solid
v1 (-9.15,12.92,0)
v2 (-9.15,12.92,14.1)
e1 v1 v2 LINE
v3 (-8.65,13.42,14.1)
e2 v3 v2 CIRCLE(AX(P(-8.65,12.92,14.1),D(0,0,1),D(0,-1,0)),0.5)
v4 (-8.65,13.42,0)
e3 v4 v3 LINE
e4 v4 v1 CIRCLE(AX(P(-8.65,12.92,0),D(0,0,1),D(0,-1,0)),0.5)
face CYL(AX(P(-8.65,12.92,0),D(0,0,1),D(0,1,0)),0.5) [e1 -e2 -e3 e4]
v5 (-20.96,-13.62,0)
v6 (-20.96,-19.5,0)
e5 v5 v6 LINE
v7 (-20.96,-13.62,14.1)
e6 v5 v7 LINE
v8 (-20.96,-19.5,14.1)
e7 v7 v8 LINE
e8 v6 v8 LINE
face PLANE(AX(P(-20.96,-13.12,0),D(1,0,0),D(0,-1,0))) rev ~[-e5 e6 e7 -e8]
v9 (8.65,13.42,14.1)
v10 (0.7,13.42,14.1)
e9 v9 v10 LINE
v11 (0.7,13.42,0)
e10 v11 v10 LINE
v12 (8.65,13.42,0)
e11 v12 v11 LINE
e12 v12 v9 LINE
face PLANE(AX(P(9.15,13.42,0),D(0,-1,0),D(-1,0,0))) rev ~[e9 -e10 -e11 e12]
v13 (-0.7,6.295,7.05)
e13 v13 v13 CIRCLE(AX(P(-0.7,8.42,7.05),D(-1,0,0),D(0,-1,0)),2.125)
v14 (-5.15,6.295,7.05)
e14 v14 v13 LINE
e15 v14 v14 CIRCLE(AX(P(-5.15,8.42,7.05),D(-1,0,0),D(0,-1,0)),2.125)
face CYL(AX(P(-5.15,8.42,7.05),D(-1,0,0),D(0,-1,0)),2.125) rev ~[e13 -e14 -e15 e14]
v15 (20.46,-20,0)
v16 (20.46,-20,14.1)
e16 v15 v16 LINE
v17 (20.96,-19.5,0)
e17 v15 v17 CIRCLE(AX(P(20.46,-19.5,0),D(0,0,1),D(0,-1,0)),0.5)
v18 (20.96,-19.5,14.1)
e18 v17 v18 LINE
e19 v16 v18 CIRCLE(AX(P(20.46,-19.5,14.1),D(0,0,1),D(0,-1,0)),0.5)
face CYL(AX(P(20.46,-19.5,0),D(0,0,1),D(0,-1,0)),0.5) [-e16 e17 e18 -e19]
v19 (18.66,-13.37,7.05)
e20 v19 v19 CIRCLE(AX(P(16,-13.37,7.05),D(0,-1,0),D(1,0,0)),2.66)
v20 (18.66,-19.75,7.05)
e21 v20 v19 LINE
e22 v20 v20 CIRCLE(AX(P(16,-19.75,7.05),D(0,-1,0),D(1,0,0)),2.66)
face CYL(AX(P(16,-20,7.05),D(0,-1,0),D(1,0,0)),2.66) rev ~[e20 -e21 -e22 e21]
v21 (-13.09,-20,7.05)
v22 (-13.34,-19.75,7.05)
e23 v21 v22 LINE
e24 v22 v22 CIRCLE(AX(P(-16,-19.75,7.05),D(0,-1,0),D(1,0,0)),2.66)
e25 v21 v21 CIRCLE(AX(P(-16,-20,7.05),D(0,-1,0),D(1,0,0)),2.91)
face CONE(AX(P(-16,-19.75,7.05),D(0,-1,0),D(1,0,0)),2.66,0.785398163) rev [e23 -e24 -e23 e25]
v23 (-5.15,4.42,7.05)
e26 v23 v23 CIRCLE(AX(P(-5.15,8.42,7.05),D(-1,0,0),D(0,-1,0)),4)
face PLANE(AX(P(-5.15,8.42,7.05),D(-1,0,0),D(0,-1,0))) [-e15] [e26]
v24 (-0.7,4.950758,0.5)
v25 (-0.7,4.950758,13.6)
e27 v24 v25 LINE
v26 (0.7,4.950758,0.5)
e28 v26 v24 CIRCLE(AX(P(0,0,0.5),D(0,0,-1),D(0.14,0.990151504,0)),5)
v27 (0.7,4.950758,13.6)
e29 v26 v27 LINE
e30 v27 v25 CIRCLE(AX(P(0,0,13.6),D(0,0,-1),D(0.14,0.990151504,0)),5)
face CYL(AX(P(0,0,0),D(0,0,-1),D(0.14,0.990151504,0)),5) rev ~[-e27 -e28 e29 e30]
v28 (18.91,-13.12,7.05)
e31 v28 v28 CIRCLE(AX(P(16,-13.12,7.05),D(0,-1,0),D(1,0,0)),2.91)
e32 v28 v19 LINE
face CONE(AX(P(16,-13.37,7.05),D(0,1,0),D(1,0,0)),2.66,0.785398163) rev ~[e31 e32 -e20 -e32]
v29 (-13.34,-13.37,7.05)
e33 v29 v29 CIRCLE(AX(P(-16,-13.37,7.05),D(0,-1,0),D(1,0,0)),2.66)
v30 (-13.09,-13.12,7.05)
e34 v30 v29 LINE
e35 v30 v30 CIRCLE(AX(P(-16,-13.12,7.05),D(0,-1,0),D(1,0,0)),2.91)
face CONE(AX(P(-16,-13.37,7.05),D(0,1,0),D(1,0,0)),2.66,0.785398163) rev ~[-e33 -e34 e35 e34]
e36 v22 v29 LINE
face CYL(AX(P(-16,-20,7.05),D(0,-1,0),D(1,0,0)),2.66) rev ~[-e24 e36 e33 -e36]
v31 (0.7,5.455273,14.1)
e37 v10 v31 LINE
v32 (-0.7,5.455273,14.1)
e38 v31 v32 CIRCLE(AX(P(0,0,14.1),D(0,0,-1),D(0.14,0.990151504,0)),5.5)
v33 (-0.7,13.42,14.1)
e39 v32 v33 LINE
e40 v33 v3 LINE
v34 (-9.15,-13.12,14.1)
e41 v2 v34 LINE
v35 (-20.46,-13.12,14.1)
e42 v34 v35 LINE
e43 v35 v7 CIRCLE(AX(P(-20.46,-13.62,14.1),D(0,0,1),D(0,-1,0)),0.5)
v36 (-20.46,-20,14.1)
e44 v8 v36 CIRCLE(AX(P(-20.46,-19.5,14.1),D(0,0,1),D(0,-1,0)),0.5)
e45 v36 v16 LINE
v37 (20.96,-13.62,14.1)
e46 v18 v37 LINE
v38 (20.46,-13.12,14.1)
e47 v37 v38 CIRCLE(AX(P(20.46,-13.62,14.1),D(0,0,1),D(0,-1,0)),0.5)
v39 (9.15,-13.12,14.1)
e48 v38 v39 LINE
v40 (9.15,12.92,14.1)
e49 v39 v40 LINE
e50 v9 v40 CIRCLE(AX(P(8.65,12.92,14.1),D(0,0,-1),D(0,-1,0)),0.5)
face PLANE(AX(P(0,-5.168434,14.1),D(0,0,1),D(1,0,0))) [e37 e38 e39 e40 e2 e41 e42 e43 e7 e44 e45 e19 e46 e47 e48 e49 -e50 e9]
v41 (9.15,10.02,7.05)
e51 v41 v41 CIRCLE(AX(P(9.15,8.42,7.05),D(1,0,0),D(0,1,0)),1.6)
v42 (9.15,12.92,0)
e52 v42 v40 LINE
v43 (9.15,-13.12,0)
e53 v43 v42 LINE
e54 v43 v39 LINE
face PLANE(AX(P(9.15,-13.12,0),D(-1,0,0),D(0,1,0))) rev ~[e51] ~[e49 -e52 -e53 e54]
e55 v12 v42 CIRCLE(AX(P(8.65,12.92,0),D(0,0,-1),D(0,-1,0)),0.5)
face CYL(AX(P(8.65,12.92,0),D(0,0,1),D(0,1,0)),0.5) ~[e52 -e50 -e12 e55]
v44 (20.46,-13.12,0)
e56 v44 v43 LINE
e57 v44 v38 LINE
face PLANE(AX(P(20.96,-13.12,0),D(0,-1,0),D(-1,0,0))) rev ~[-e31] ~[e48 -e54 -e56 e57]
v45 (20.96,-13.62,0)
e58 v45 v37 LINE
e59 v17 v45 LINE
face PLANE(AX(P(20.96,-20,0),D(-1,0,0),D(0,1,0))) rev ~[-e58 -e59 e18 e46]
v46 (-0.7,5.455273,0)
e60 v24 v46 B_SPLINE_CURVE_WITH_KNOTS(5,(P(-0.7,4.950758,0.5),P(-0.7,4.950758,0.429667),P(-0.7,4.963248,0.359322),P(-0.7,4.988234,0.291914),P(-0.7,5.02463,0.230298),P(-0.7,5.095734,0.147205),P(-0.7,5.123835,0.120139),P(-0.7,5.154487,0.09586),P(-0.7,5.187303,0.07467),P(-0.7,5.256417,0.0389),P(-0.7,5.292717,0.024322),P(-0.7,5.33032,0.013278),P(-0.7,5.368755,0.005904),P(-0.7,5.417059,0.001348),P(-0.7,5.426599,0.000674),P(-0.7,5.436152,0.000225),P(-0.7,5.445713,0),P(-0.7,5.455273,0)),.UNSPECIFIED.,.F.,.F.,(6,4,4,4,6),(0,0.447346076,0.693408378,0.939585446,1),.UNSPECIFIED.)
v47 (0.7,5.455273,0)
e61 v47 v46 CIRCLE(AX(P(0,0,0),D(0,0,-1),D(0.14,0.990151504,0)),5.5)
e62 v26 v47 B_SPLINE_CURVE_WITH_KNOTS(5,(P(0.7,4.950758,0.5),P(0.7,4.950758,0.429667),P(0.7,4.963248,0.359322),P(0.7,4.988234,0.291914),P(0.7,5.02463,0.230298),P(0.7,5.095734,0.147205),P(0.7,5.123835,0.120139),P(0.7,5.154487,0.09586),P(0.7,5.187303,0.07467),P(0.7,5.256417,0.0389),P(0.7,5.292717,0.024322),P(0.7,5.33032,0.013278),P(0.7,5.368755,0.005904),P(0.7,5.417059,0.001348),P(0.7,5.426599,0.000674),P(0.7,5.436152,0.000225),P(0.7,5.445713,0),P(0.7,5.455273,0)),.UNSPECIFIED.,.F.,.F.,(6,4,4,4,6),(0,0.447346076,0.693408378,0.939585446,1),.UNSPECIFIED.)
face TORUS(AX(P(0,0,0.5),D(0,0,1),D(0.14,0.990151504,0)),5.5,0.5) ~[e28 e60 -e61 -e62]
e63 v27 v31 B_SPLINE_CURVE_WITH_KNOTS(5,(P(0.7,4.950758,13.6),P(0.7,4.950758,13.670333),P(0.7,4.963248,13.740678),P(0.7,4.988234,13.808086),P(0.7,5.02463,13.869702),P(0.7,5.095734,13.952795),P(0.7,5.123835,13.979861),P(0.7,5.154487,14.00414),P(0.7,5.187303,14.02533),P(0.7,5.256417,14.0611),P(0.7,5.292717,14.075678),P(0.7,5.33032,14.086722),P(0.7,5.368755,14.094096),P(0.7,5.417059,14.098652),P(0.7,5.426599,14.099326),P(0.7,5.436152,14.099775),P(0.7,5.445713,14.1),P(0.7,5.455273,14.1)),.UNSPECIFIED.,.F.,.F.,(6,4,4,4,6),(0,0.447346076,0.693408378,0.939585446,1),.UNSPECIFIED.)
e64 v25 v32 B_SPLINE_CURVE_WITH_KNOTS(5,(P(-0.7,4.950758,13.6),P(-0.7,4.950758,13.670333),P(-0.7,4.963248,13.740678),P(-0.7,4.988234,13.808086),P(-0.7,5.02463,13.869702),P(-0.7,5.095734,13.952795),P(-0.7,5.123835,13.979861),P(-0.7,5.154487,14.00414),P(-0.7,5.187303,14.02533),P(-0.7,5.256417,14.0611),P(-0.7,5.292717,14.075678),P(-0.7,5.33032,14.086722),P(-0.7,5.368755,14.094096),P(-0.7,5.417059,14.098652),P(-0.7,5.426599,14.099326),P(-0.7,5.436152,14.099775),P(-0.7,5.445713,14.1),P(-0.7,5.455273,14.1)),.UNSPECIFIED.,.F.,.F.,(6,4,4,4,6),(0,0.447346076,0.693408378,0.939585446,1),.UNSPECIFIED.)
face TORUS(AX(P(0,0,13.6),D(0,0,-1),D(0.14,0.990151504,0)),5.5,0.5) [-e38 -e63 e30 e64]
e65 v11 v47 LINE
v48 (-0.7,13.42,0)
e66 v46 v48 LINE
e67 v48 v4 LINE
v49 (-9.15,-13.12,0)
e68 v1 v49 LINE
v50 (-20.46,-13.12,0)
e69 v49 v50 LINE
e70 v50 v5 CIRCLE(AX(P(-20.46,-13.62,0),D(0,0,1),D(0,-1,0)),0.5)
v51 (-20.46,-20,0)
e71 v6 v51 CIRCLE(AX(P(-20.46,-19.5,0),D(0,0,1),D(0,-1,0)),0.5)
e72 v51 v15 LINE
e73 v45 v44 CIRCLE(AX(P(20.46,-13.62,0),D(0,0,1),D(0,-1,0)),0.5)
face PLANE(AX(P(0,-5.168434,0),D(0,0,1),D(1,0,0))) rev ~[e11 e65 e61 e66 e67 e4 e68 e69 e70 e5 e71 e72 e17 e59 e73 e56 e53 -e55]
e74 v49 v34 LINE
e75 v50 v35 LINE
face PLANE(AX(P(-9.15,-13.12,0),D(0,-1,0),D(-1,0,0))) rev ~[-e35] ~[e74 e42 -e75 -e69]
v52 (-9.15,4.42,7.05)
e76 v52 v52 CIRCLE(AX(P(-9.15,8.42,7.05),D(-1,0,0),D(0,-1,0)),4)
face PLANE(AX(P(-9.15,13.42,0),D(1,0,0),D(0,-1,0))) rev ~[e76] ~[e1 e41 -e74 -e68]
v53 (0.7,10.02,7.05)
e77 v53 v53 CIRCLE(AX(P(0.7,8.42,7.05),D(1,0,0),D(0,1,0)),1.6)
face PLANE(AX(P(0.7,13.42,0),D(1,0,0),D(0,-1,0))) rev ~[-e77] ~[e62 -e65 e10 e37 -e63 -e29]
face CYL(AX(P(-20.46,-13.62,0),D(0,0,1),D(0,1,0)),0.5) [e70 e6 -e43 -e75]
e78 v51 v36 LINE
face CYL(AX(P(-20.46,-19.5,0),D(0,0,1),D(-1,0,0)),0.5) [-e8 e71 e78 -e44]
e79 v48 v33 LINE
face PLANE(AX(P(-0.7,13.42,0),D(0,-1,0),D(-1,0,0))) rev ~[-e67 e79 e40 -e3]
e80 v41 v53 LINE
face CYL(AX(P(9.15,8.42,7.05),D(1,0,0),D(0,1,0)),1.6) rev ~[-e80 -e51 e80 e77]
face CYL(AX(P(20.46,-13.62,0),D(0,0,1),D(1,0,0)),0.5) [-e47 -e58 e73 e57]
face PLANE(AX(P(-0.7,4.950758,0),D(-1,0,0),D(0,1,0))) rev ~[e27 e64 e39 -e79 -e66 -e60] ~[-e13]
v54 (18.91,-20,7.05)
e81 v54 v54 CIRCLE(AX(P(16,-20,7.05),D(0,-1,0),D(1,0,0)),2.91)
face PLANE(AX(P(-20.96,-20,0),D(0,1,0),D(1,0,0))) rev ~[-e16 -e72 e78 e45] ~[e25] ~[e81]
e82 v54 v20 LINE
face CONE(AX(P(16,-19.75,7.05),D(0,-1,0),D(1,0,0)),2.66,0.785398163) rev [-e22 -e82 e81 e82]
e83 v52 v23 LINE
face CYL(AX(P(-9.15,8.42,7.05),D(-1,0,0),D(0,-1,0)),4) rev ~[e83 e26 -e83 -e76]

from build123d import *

# Parameters (mm, degrees)
F1_DEPTH = 14.1
F2_R     = 1.6
F3_DEPTH = 30.111
F4_R     = 4
F5_DEPTH = 4
F6_R     = 2.66
F7_DEPTH = 25
F8_R     = 2.125
F9_DEPTH = 5.85
F10_R    = 0.5
F11_SIZE = 0.25


with BuildPart() as f1:
    # F0 (on Top) → F1 (new body)
    with BuildSketch(Plane.XY):
        with BuildLine():
            ThreePointArc((0.7, 4.9507575178), (0, -5), (-0.7, 4.9507575178))
            Line((-0.7, 4.9507575178), (-0.7, 13.42))
            Line((-0.7, 13.42), (-9.15, 13.42))
            Line((-9.15, 13.42), (-9.15, -13.12))
            Line((-9.15, -13.12), (-20.96, -13.12))
            Line((-20.96, -13.12), (-20.96, -20))
            Line((-20.96, -20), (20.96, -20))
            Line((20.96, -20), (20.96, -13.12))
            Line((20.96, -13.12), (9.15, -13.12))
            Line((9.15, -13.12), (9.15, 13.42))
            Line((9.15, 13.42), (0.7, 13.42))
            Line((0.7, 13.42), (0.7, 4.9507575178))
        make_face()
    extrude(amount=F1_DEPTH)

    # F2 (on face) → F3 (cut, through all)
    with BuildSketch(Plane.YZ.offset(9.15)):
        with Locations((8.42, 7.05)):
            Circle(F2_R)
    extrude(amount=-F3_DEPTH, mode=Mode.SUBTRACT)

    # F4 (on face) → F5 (cut)
    with BuildSketch(Plane(origin=(-9.15, 0, 0), x_dir=(0, -1, 0), z_dir=(-1, 0, 0))):
        with Locations((-8.42, 7.05)):
            Circle(F4_R)
    extrude(amount=-F5_DEPTH, mode=Mode.SUBTRACT)

    # F6 (on face) → F7 (cut)
    with BuildSketch(Plane.XZ.offset(20)):
        with Locations((-16, 7.05)):
            Circle(F6_R)
        with Locations((16, 7.05)):
            Circle(F6_R)
    extrude(amount=-F7_DEPTH, mode=Mode.SUBTRACT)

    # F8 (on face) → F9 (cut, through all)
    with BuildSketch(Plane(origin=(-5.15, 0, 0), x_dir=(0, -1, 0), z_dir=(-1, 0, 0))):
        with Locations((-8.42, 7.05)):
            Circle(F8_R)
    extrude(amount=-F9_DEPTH, mode=Mode.SUBTRACT)

    # F10
    f10_edges = [f1.edges().sort_by_distance(p)[0] for p in [
        (-20.96, -13.12, 7.05),
        (-20.96, -20, 7.05),
        (20.96, -13.12, 7.05),
        (20.96, -20, 7.05),
        (9.15, 13.42, 7.05),
        (-9.15, 13.42, 7.05),
        (0, -5, 14.1),
        (0, -5, 0),
    ]]
    fillet(f10_edges, radius=F10_R)

    # F11
    f11_edges = [f1.edges().sort_by_distance(p)[0] for p in [
        (13.34, -20, 7.05),
        (18.66, -16.56, 7.05),
        (13.34, -13.12, 7.05),
        (-18.66, -20, 7.05),
        (-13.34, -16.56, 7.05),
        (-18.66, -13.12, 7.05),
    ]]
    chamfer(f11_edges, length=F11_SIZE)


solid = f1.part
